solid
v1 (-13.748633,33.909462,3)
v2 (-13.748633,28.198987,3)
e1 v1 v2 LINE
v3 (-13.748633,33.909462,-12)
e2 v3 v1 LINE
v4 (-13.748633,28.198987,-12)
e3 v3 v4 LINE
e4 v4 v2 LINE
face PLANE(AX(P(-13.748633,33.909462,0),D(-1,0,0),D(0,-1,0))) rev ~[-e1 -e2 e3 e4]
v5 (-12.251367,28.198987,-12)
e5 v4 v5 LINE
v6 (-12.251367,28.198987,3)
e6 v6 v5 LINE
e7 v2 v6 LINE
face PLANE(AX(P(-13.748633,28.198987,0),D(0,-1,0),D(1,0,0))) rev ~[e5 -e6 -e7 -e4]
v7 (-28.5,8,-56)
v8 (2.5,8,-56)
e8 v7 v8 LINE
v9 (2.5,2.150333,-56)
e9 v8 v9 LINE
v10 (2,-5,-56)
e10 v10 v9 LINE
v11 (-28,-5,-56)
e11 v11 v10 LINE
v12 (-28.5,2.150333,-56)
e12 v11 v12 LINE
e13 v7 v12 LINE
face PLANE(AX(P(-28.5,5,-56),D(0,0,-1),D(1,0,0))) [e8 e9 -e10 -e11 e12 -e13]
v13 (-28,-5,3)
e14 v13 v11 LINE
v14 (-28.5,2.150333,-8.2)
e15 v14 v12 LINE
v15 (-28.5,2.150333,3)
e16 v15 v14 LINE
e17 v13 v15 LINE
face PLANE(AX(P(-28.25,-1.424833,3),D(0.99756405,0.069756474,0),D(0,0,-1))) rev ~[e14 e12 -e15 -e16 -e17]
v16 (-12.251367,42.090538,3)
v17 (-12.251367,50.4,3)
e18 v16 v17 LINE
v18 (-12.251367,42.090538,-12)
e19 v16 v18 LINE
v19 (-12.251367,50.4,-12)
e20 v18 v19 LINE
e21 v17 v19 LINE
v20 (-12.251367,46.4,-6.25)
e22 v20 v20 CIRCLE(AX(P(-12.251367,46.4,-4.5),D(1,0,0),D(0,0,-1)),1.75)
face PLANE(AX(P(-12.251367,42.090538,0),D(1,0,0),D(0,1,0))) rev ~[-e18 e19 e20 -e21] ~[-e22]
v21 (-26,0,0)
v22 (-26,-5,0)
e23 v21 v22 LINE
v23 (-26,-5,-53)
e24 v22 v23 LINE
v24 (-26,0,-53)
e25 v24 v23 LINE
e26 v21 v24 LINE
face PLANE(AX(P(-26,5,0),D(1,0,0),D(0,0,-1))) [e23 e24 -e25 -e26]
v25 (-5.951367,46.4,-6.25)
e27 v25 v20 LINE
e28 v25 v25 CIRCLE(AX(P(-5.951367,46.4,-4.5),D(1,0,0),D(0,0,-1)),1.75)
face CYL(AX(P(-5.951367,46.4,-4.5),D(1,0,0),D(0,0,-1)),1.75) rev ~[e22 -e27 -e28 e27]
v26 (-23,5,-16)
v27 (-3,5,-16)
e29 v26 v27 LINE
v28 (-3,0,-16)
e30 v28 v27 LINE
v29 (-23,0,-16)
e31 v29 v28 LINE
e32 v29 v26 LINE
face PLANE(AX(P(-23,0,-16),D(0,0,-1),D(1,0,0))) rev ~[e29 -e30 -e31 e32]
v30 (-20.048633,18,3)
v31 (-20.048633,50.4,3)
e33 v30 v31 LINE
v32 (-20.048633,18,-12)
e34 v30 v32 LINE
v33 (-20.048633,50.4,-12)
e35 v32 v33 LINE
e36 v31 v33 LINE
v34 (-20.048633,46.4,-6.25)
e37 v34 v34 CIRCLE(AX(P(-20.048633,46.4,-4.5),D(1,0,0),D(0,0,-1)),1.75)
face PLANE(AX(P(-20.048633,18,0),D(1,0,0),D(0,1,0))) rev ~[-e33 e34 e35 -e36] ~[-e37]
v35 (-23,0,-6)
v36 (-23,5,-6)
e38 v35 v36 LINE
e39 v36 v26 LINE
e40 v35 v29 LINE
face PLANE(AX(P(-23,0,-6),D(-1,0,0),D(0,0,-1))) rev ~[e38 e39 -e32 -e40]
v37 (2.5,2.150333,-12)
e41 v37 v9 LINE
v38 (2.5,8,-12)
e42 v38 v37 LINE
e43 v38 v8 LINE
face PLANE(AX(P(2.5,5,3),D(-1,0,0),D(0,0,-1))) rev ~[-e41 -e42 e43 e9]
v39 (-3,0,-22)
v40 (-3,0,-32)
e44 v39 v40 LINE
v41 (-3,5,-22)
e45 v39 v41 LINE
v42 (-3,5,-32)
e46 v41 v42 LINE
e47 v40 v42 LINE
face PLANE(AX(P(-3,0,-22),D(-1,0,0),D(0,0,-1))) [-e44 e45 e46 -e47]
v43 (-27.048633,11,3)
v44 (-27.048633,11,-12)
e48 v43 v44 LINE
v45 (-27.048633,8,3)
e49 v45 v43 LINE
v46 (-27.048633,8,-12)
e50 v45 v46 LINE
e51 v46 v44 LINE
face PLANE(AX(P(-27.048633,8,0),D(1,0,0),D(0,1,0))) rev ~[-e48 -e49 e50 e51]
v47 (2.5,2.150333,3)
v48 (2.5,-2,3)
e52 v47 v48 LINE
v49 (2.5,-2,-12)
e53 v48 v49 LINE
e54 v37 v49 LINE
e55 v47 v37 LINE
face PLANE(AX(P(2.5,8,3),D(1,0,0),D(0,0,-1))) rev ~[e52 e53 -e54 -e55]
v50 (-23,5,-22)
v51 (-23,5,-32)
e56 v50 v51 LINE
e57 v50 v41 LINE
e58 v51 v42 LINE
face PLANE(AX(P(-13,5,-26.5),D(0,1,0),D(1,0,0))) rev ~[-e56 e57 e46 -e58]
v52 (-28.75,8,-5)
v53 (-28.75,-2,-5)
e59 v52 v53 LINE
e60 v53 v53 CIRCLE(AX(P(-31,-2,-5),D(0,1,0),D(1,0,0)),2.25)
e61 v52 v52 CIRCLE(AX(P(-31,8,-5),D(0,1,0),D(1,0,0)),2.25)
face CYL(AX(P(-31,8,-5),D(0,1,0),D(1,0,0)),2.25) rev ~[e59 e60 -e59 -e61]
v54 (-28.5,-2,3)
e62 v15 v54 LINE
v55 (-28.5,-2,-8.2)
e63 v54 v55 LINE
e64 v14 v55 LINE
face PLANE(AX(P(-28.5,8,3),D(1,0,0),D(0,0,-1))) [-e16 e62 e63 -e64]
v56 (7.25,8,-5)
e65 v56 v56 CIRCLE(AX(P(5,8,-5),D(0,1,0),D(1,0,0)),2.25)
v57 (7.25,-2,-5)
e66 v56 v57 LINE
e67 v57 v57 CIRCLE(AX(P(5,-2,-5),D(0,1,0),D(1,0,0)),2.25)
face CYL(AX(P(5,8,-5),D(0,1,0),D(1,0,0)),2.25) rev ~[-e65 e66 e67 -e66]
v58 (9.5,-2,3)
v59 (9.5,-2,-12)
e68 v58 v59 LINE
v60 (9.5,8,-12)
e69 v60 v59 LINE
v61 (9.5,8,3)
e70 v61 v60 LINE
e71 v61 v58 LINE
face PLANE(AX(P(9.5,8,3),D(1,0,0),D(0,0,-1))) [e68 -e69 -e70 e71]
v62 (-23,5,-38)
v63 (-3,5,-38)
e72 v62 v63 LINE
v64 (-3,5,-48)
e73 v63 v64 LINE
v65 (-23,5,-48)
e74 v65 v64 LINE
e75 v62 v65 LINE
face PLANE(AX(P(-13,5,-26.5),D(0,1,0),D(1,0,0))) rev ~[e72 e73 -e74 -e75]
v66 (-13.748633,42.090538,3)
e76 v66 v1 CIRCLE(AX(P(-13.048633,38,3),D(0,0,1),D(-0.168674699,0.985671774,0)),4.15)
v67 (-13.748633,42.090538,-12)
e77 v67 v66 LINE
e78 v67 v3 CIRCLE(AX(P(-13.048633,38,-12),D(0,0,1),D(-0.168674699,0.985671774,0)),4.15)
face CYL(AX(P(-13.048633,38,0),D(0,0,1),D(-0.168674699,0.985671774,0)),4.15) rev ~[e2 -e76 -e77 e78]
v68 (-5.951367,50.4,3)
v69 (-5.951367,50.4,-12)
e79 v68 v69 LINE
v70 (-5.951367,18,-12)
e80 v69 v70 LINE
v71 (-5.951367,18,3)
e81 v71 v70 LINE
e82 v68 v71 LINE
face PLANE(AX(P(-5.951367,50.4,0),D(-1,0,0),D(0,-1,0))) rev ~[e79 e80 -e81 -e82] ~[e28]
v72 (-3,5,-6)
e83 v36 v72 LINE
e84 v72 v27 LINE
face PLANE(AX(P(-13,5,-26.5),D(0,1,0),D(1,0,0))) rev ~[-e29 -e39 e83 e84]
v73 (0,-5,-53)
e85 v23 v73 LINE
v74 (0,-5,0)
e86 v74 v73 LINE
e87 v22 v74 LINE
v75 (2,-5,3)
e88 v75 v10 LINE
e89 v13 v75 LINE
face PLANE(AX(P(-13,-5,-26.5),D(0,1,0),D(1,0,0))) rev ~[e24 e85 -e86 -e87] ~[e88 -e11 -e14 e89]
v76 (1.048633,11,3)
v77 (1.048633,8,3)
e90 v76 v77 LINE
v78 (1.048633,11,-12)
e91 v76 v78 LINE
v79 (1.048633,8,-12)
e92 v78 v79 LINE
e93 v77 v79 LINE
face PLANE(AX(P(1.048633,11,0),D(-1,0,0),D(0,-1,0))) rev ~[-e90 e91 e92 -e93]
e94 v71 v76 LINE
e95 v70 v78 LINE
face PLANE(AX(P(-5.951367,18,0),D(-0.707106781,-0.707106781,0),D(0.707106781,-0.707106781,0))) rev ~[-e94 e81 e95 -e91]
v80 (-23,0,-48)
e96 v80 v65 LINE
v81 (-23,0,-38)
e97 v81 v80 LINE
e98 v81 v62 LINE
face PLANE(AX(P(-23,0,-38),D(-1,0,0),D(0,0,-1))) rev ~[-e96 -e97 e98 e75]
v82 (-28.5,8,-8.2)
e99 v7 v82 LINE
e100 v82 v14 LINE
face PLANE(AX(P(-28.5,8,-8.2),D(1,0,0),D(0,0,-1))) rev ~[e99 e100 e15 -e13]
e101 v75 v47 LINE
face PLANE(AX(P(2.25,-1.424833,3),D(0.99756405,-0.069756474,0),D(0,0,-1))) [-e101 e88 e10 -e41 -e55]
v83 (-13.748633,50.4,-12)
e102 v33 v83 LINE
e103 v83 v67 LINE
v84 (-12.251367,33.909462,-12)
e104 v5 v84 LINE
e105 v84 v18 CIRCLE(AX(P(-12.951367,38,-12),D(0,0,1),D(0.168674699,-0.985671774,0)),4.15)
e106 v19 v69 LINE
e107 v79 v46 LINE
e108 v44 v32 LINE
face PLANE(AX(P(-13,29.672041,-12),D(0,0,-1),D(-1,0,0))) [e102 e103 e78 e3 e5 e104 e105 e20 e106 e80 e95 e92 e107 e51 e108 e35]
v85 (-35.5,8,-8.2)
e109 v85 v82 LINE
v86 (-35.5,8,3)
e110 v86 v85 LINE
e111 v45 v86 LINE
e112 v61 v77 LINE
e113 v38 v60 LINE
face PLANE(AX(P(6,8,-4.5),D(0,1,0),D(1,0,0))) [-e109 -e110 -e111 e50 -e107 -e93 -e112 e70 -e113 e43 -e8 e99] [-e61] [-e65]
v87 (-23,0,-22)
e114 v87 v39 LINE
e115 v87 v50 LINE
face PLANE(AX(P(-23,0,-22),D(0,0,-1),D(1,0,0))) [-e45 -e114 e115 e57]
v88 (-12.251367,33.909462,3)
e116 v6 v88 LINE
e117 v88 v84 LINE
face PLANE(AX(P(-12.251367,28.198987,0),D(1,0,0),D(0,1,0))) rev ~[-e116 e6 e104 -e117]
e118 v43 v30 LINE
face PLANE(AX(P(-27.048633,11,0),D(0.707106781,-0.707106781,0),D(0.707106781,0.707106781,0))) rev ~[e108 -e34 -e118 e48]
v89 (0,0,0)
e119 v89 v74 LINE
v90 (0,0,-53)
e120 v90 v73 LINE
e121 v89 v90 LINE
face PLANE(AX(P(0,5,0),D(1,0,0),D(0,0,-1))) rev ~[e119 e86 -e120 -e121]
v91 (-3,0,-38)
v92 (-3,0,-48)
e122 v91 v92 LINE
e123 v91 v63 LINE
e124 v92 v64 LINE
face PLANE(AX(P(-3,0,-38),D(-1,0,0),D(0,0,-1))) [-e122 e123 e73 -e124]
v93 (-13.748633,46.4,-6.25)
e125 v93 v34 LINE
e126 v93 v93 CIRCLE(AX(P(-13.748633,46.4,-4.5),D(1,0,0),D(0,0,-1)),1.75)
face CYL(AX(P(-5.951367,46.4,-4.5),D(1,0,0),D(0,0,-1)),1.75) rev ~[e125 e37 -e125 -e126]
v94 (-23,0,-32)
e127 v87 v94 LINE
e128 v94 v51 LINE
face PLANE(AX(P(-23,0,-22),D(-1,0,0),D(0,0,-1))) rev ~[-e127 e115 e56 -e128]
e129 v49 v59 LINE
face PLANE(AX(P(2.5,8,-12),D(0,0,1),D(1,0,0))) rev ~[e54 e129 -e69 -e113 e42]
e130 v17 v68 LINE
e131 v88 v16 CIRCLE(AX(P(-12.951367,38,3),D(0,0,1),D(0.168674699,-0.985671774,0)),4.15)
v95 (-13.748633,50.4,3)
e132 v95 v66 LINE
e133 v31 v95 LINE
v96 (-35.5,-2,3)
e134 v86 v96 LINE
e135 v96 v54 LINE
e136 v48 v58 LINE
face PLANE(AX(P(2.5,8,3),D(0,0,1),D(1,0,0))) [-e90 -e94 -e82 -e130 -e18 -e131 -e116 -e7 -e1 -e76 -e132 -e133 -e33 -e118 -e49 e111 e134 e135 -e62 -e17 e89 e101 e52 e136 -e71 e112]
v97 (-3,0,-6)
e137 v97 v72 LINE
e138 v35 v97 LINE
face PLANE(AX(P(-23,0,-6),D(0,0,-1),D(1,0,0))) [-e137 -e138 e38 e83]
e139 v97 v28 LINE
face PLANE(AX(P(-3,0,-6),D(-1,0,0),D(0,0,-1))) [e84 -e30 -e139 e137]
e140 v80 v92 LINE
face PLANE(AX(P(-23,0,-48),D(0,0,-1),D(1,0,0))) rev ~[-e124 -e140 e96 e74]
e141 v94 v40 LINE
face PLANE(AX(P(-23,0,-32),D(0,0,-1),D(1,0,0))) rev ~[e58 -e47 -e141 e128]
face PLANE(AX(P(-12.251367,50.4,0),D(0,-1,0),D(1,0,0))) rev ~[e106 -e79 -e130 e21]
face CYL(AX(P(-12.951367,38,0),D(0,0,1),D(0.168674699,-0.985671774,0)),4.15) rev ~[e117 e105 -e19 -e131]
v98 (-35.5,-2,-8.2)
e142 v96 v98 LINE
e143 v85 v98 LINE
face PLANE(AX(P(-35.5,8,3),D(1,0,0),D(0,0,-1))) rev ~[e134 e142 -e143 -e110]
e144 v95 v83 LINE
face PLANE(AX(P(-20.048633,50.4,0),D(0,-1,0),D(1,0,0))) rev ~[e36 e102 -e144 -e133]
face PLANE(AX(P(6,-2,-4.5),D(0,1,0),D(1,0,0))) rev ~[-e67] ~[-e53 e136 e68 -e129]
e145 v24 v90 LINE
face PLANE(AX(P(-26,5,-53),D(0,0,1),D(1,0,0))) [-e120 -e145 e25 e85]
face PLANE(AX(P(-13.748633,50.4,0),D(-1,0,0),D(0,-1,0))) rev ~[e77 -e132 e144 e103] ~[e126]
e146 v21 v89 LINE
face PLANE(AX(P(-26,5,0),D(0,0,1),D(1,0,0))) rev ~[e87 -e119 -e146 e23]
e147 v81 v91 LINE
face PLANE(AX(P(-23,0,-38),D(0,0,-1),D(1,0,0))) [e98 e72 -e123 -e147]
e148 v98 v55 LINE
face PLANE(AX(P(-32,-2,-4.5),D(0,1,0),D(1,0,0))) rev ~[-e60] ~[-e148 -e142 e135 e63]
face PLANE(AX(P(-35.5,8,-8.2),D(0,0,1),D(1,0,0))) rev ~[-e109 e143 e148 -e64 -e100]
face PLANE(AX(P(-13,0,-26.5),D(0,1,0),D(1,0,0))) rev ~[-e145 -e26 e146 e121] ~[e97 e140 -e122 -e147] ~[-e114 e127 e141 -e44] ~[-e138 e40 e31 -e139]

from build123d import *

# Parameters (mm, degrees)
SKETCH1_W                = 26
SKETCH1_H                = 53
SKETCH1_W_2              = 20
SKETCH1_H_2              = 10
BOSS_EXTRUDE1_DEPTH      = 5
SKETCH2_W                = 31
SKETCH2_H                = 59
SKETCH2_W_2              = 26
SKETCH2_H_2              = 53
BOSS_EXTRUDE2_DEPTH      = 10
SKETCH3_W                = 31
SKETCH3_H                = 59
BOSS_EXTRUDE3_DEPTH      = 3
CHAMFER1_SIZE            = 0.5
CHAMFER1_SIZE2           = 7.150333128
SKETCH10_W               = 7
SKETCH10_H               = 15
SKETCH10_R               = 2.25
BOSS_EXTRUDE7_DEPTH      = 10
BOSS_EXTRUDE9_DEPTH      = 3
BOSS_EXTRUDE9_DEPTH_BACK = 12
SKETCH12_R               = 1.75
CUT_EXTRUDE4_DEPTH       = 30.54863335
SKETCH13_W               = 7
SKETCH13_H               = 3.8
CUT_EXTRUDE5_DEPTH       = 10


with BuildPart() as part:
    # Sketch1 → Boss-Extrude1 (new body)
    with BuildSketch(Plane(origin=(0, 0, 0), x_dir=(1, 0, 0), z_dir=(0, 1, 0))):
        with Locations((-13, 26.5)):
            Rectangle(SKETCH1_W, SKETCH1_H)
        with Locations((-13, 27)):
            Rectangle(SKETCH1_W_2, SKETCH1_H_2, mode=Mode.SUBTRACT)
        with Locations((-13, 43)):
            Rectangle(SKETCH1_W_2, SKETCH1_H_2, mode=Mode.SUBTRACT)
        with Locations((-13, 11)):
            Rectangle(SKETCH1_W_2, SKETCH1_H_2, mode=Mode.SUBTRACT)
    extrude(amount=BOSS_EXTRUDE1_DEPTH)

    # Sketch2 → Boss-Extrude2 (add)
    with BuildSketch(Plane(origin=(0, 5, 0), x_dir=(1, 0, 0), z_dir=(0, 1, 0))):
        with Locations((-13, 26.5)):
            Rectangle(SKETCH2_W, SKETCH2_H)
        with Locations((-13, 26.5)):
            Rectangle(SKETCH2_W_2, SKETCH2_H_2, mode=Mode.SUBTRACT)
    extrude(amount=-BOSS_EXTRUDE2_DEPTH)

    # Sketch3 → Boss-Extrude3 (add)
    with BuildSketch(Plane(origin=(0, 5, 0), x_dir=(1, 0, 0), z_dir=(0, 1, 0))):
        with Locations((-13, 26.5)):
            Rectangle(SKETCH3_W, SKETCH3_H)
    extrude(amount=BOSS_EXTRUDE3_DEPTH)

    # Chamfer1
    chamfer1_edges = [part.edges().sort_by_distance(p)[0] for p in [
        (-28.5, -5, -26.5),
        (2.5, -5, -26.5),
    ]]
    chamfer1_side = [part.faces().sort_by_distance(p)[0] for p in [
        (-13, -5, -55.333516692),
    ]]
    chamfer(chamfer1_edges, length=CHAMFER1_SIZE, length2=CHAMFER1_SIZE2, reference=chamfer1_side[0])

    # Sketch10 → Boss-Extrude7 (add)
    with BuildSketch(Plane(origin=(0, 8, 0), x_dir=(1, 0, 0), z_dir=(0, 1, 0))):
        with Locations((6, 4.5)):
            Rectangle(SKETCH10_W, SKETCH10_H)
        with Locations((5, 5)):
            Circle(SKETCH10_R, mode=Mode.SUBTRACT)
        with Locations((-32, 4.5)):
            Rectangle(SKETCH10_W, SKETCH10_H)
        with Locations((-31, 5)):
            Circle(SKETCH10_R, mode=Mode.SUBTRACT)
    extrude(amount=-BOSS_EXTRUDE7_DEPTH)

    # Sketch11 → Boss-Extrude9 (add, two sides)
    with BuildSketch(Plane.XY) as boss_extrude9_sk:
        with BuildLine():
            Line((-13.74863335, 28.198986818), (-12.25136665, 28.198986818))
            Line((-12.25136665, 28.198986818), (-12.25136665, 33.909462138))
            ThreePointArc((-12.25136665, 33.909462138), (-8.80136665, 38), (-12.25136665, 42.090537862))
            Line((-12.25136665, 42.090537862), (-12.25136665, 50.4))
            Line((-12.25136665, 50.4), (-5.95136665, 50.4))
            Line((-5.95136665, 50.4), (-5.95136665, 18))
            Line((-5.95136665, 18), (1.04863335, 11))
            Line((1.04863335, 11), (1.04863335, 8))
            Line((1.04863335, 8), (-27.04863335, 8))
            Line((-27.04863335, 8), (-27.04863335, 11))
            Line((-27.04863335, 11), (-20.04863335, 18))
            Line((-20.04863335, 18), (-20.04863335, 50.4))
            Line((-20.04863335, 50.4), (-13.74863335, 50.4))
            Line((-13.74863335, 50.4), (-13.74863335, 42.090537862))
            ThreePointArc((-13.74863335, 42.090537862), (-17.19863335, 38), (-13.74863335, 33.909462138))
            Line((-13.74863335, 33.909462138), (-13.74863335, 28.198986818))
        make_face()
    extrude(amount=BOSS_EXTRUDE9_DEPTH)
    extrude(boss_extrude9_sk.sketch, amount=-BOSS_EXTRUDE9_DEPTH_BACK)

    # Sketch12 → Cut-Extrude4 (cut, through all)
    with BuildSketch(Plane(origin=(-5.95136665, 0, 0), x_dir=(0, 0, -1), z_dir=(1, 0, 0))):
        with Locations((4.5, 46.4)):
            Circle(SKETCH12_R)
    extrude(amount=-CUT_EXTRUDE4_DEPTH, mode=Mode.SUBTRACT)

    # Sketch13 → Cut-Extrude5 (cut)
    with BuildSketch(Plane(origin=(0, 8, 0), x_dir=(1, 0, 0), z_dir=(0, 1, 0))):
        with Locations((-32, 10.1)):
            Rectangle(SKETCH13_W, SKETCH13_H)
    extrude(amount=-CUT_EXTRUDE5_DEPTH, mode=Mode.SUBTRACT)


solid = part.part
